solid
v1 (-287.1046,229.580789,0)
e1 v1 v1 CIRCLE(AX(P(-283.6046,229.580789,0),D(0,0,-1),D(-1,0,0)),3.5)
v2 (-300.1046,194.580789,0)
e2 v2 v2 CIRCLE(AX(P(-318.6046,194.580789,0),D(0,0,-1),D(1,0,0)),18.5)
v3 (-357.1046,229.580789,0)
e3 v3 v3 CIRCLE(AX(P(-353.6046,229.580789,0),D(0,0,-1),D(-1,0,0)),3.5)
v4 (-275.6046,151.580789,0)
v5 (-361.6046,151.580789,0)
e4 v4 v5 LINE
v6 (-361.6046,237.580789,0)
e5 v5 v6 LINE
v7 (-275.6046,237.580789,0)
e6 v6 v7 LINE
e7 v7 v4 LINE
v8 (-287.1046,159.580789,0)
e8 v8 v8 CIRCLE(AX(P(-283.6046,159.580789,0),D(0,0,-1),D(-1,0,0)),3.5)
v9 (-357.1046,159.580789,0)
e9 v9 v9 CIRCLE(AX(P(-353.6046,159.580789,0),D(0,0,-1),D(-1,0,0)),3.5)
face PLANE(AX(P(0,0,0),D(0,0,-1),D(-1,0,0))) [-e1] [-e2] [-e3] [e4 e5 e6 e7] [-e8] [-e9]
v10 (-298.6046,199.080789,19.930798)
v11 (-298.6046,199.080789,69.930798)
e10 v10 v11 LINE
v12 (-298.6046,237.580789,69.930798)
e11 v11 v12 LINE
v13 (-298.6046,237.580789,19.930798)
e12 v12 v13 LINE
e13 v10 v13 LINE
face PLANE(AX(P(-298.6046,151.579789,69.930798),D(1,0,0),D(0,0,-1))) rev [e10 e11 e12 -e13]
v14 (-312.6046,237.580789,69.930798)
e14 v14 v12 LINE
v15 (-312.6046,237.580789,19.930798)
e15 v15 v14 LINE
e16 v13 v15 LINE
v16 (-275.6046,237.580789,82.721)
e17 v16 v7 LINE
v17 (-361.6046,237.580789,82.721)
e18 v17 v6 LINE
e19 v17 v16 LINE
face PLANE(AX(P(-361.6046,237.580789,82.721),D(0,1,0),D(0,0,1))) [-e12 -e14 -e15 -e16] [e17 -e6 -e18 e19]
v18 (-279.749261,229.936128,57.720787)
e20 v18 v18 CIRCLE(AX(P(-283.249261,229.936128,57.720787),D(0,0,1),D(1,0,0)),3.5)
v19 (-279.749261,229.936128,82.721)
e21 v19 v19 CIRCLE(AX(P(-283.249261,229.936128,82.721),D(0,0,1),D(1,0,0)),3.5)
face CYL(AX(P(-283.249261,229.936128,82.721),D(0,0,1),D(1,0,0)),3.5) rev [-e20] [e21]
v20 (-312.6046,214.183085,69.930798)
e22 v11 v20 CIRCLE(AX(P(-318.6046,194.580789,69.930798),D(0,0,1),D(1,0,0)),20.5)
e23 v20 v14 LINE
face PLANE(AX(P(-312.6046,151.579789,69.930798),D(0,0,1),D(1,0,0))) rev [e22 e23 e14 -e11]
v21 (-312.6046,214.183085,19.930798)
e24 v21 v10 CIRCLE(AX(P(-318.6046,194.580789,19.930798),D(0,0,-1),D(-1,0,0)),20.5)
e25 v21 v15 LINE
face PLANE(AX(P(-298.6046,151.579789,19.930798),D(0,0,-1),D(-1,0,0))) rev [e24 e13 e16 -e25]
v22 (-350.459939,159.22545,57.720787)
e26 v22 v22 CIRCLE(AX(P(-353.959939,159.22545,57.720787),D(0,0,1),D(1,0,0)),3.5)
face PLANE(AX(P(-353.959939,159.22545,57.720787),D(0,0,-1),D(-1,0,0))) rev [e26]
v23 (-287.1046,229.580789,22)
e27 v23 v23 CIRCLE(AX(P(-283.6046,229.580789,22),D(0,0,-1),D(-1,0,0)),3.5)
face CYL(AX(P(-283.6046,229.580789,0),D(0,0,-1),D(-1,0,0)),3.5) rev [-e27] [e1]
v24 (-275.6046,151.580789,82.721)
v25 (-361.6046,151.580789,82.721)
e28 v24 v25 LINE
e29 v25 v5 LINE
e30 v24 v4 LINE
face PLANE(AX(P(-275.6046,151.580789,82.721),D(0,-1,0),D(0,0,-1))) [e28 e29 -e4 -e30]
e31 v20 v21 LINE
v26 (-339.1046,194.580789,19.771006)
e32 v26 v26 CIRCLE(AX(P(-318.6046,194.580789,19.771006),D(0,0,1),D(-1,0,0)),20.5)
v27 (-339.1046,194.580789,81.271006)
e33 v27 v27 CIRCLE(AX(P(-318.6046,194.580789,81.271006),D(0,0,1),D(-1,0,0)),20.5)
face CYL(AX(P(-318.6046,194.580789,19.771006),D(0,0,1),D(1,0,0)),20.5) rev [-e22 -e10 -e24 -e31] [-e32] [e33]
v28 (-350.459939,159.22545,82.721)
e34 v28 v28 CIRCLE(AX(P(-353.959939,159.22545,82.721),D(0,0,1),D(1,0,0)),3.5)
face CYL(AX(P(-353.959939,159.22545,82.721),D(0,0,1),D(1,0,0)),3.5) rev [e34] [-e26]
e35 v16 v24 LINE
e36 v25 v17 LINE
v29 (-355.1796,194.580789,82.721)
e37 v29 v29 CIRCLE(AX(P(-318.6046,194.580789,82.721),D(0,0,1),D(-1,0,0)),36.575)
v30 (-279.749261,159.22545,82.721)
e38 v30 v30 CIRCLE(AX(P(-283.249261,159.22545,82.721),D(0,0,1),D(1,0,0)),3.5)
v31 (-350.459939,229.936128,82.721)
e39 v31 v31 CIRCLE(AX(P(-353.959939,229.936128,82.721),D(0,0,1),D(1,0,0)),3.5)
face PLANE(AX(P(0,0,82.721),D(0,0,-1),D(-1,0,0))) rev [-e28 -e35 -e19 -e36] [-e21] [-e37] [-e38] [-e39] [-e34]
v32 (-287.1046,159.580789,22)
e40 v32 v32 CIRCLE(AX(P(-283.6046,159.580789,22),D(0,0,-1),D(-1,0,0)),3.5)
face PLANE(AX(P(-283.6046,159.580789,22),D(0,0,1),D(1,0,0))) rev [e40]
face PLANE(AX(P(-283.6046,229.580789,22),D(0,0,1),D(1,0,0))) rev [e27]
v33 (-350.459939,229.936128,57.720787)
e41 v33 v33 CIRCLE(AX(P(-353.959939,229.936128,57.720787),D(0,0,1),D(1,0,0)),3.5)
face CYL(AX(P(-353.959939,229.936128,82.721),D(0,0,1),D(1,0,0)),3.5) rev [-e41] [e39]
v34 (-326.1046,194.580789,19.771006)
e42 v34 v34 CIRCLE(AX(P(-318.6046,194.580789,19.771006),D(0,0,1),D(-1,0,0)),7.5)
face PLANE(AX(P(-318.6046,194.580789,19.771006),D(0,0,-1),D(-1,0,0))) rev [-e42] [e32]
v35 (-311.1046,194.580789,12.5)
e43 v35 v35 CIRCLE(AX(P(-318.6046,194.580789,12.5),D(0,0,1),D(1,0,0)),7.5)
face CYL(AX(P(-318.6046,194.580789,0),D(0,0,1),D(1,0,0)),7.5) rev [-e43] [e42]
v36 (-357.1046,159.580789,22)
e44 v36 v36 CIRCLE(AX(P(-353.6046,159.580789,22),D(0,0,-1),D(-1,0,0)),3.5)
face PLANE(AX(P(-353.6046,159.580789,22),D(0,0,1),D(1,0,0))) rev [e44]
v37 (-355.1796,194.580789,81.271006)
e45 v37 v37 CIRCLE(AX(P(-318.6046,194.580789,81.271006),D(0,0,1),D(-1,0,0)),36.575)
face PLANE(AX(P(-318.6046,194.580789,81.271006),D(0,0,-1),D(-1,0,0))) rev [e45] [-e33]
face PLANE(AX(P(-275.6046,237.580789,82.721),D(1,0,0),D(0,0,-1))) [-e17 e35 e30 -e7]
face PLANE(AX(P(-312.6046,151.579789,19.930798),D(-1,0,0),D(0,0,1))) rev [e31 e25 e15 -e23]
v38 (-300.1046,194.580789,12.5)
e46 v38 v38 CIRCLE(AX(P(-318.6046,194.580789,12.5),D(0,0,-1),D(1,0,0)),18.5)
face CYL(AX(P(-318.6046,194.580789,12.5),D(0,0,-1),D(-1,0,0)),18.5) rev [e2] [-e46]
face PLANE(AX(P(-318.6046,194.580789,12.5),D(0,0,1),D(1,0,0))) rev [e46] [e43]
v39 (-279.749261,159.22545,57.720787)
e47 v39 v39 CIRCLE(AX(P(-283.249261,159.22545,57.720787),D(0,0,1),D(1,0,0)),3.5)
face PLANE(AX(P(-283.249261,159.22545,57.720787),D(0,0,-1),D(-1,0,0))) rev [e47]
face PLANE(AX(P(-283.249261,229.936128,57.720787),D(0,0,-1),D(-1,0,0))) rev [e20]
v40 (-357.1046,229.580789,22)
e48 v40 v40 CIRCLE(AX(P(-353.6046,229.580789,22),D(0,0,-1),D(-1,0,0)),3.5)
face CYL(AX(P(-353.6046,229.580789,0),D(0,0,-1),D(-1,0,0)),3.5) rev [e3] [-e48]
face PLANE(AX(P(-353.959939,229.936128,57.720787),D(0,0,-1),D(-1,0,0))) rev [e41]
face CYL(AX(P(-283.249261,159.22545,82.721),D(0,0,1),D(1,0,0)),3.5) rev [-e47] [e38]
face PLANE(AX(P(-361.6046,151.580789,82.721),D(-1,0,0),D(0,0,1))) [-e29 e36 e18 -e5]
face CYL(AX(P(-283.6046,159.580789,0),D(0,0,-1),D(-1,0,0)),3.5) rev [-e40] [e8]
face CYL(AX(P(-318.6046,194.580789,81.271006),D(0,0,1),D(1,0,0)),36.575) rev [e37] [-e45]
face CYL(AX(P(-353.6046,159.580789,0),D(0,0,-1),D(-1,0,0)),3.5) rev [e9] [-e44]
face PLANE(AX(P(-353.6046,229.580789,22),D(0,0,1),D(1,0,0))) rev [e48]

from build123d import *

# Parameters (mm, degrees)
SKETCH1_W                    = 86
SKETCH1_H                    = 86
BOSS_EXTRUDE1_DEPTH          = 82.721
SKETCH2_R                    = 36.575
CUT_EXTRUDE1_DEPTH           = 1.449994037
SKETCH3_R                    = 20.5
CUT_EXTRUDE2_DEPTH           = 61.5
SKETCH4_R                    = 18.5
CUT_EXTRUDE3_DEPTH           = 12.5
SKETCH5_R                    = 7.5
CUT_EXTRUDE4_DEPTH           = 438.22445056
CUT_EXTRUDE5_REACH           = 382.784
CUT_EXTRUDE5_END_RADIUS      = 20.5
SKETCH6_W                    = 14
SKETCH6_H                    = 50
F_7_0_7_DIAMETER_HOLE1_D     = 7
F_7_0_7_DIAMETER_HOLE1_DEPTH = 22
F_7_0_7_DIAMETER_HOLE2_D     = 7
F_7_0_7_DIAMETER_HOLE2_DEPTH = 25.000212861


with BuildPart() as part:
    # Sketch1 → Boss-Extrude1 (new body)
    with BuildSketch(Plane(origin=(0, 0, 0), x_dir=(-1, 0, 0), z_dir=(0, 0, -1))):
        with Locations((318.604600328, 194.58078929)):
            Rectangle(SKETCH1_W, SKETCH1_H)
    extrude(amount=-BOSS_EXTRUDE1_DEPTH)

    # Sketch2 → Cut-Extrude1 (cut)
    with BuildSketch(Plane.XY.offset(82.721)):
        with Locations(Location((-318.604600328, 194.58078929, 0), (0, 0, 180))):
            Circle(SKETCH2_R)
    extrude(amount=-CUT_EXTRUDE1_DEPTH, mode=Mode.SUBTRACT)

    # Sketch3 → Cut-Extrude2 (cut)
    with BuildSketch(Plane.XY.offset(81.271005963)):
        with Locations(Location((-318.604600328, 194.58078929, 0), (0, 0, 180))):
            Circle(SKETCH3_R)
    extrude(amount=-CUT_EXTRUDE2_DEPTH, mode=Mode.SUBTRACT)

    # Sketch4 → Cut-Extrude3 (cut)
    with BuildSketch(Plane(origin=(0, 0, 0), x_dir=(-1, 0, 0), z_dir=(0, 0, -1))):
        with Locations(Location((318.604600328, 194.58078929, 0), (0, 0, 180))):
            Circle(SKETCH4_R)
    extrude(amount=-CUT_EXTRUDE3_DEPTH, mode=Mode.SUBTRACT)

    # Sketch5 → Cut-Extrude4 (cut, through all)
    with BuildSketch(Plane.XY.offset(19.771005963)):
        with Locations((-318.604600328, 194.58078929)):
            Circle(SKETCH5_R)
    extrude(amount=-CUT_EXTRUDE4_DEPTH, mode=Mode.SUBTRACT)

    # Cut-Extrude5: up to this cylinder (the profile starts outside it)
    cut_extrude5_end = Plane(origin=(-318.604600328, 194.58078929, 44.930798), z_dir=(0, 0, 1)) * Cylinder(CUT_EXTRUDE5_END_RADIUS, 807.568, mode=Mode.PRIVATE)
    # Sketch6 → Cut-Extrude5 (cut, up to the surface)
    with BuildSketch(Plane(origin=(0, 237.58078929, 0), x_dir=(-1, 0, 0), z_dir=(0, 1, 0)), mode=Mode.PRIVATE) as cut_extrude5_sk1:
        with Locations((305.604600328, 44.930797937)):
            Rectangle(SKETCH6_W, SKETCH6_H)
    cut_extrude5_tool1 = extrude(cut_extrude5_sk1.sketch, amount=-CUT_EXTRUDE5_REACH, mode=Mode.PRIVATE) - cut_extrude5_end
    add(cut_extrude5_tool1.solids().sort_by_distance((-305.6046, 237.580789, 44.930798))[0], mode=Mode.SUBTRACT)

    # Ø7.0 (7) Diameter Hole1
    with Locations(Plane(origin=(0, 0, 0), x_dir=(-1, 0, 0), z_dir=(0, 0, -1))):
        with Locations((283.604600328, 159.58078929), (283.604600328, 229.58078929), (353.604600328, 159.58078929), (353.604600328, 229.58078929)):
            Hole(F_7_0_7_DIAMETER_HOLE1_D / 2, depth=F_7_0_7_DIAMETER_HOLE1_DEPTH)

    # Ø7.0 (7) Diameter Hole2
    with Locations(Plane.XY.offset(82.721)):
        with Locations((-283.249261269, 159.22545023), (-353.959939388, 229.936128349), (-283.249261269, 229.936128349), (-353.959939388, 159.22545023)):
            Hole(F_7_0_7_DIAMETER_HOLE2_D / 2, depth=F_7_0_7_DIAMETER_HOLE2_DEPTH)


solid = part.part
